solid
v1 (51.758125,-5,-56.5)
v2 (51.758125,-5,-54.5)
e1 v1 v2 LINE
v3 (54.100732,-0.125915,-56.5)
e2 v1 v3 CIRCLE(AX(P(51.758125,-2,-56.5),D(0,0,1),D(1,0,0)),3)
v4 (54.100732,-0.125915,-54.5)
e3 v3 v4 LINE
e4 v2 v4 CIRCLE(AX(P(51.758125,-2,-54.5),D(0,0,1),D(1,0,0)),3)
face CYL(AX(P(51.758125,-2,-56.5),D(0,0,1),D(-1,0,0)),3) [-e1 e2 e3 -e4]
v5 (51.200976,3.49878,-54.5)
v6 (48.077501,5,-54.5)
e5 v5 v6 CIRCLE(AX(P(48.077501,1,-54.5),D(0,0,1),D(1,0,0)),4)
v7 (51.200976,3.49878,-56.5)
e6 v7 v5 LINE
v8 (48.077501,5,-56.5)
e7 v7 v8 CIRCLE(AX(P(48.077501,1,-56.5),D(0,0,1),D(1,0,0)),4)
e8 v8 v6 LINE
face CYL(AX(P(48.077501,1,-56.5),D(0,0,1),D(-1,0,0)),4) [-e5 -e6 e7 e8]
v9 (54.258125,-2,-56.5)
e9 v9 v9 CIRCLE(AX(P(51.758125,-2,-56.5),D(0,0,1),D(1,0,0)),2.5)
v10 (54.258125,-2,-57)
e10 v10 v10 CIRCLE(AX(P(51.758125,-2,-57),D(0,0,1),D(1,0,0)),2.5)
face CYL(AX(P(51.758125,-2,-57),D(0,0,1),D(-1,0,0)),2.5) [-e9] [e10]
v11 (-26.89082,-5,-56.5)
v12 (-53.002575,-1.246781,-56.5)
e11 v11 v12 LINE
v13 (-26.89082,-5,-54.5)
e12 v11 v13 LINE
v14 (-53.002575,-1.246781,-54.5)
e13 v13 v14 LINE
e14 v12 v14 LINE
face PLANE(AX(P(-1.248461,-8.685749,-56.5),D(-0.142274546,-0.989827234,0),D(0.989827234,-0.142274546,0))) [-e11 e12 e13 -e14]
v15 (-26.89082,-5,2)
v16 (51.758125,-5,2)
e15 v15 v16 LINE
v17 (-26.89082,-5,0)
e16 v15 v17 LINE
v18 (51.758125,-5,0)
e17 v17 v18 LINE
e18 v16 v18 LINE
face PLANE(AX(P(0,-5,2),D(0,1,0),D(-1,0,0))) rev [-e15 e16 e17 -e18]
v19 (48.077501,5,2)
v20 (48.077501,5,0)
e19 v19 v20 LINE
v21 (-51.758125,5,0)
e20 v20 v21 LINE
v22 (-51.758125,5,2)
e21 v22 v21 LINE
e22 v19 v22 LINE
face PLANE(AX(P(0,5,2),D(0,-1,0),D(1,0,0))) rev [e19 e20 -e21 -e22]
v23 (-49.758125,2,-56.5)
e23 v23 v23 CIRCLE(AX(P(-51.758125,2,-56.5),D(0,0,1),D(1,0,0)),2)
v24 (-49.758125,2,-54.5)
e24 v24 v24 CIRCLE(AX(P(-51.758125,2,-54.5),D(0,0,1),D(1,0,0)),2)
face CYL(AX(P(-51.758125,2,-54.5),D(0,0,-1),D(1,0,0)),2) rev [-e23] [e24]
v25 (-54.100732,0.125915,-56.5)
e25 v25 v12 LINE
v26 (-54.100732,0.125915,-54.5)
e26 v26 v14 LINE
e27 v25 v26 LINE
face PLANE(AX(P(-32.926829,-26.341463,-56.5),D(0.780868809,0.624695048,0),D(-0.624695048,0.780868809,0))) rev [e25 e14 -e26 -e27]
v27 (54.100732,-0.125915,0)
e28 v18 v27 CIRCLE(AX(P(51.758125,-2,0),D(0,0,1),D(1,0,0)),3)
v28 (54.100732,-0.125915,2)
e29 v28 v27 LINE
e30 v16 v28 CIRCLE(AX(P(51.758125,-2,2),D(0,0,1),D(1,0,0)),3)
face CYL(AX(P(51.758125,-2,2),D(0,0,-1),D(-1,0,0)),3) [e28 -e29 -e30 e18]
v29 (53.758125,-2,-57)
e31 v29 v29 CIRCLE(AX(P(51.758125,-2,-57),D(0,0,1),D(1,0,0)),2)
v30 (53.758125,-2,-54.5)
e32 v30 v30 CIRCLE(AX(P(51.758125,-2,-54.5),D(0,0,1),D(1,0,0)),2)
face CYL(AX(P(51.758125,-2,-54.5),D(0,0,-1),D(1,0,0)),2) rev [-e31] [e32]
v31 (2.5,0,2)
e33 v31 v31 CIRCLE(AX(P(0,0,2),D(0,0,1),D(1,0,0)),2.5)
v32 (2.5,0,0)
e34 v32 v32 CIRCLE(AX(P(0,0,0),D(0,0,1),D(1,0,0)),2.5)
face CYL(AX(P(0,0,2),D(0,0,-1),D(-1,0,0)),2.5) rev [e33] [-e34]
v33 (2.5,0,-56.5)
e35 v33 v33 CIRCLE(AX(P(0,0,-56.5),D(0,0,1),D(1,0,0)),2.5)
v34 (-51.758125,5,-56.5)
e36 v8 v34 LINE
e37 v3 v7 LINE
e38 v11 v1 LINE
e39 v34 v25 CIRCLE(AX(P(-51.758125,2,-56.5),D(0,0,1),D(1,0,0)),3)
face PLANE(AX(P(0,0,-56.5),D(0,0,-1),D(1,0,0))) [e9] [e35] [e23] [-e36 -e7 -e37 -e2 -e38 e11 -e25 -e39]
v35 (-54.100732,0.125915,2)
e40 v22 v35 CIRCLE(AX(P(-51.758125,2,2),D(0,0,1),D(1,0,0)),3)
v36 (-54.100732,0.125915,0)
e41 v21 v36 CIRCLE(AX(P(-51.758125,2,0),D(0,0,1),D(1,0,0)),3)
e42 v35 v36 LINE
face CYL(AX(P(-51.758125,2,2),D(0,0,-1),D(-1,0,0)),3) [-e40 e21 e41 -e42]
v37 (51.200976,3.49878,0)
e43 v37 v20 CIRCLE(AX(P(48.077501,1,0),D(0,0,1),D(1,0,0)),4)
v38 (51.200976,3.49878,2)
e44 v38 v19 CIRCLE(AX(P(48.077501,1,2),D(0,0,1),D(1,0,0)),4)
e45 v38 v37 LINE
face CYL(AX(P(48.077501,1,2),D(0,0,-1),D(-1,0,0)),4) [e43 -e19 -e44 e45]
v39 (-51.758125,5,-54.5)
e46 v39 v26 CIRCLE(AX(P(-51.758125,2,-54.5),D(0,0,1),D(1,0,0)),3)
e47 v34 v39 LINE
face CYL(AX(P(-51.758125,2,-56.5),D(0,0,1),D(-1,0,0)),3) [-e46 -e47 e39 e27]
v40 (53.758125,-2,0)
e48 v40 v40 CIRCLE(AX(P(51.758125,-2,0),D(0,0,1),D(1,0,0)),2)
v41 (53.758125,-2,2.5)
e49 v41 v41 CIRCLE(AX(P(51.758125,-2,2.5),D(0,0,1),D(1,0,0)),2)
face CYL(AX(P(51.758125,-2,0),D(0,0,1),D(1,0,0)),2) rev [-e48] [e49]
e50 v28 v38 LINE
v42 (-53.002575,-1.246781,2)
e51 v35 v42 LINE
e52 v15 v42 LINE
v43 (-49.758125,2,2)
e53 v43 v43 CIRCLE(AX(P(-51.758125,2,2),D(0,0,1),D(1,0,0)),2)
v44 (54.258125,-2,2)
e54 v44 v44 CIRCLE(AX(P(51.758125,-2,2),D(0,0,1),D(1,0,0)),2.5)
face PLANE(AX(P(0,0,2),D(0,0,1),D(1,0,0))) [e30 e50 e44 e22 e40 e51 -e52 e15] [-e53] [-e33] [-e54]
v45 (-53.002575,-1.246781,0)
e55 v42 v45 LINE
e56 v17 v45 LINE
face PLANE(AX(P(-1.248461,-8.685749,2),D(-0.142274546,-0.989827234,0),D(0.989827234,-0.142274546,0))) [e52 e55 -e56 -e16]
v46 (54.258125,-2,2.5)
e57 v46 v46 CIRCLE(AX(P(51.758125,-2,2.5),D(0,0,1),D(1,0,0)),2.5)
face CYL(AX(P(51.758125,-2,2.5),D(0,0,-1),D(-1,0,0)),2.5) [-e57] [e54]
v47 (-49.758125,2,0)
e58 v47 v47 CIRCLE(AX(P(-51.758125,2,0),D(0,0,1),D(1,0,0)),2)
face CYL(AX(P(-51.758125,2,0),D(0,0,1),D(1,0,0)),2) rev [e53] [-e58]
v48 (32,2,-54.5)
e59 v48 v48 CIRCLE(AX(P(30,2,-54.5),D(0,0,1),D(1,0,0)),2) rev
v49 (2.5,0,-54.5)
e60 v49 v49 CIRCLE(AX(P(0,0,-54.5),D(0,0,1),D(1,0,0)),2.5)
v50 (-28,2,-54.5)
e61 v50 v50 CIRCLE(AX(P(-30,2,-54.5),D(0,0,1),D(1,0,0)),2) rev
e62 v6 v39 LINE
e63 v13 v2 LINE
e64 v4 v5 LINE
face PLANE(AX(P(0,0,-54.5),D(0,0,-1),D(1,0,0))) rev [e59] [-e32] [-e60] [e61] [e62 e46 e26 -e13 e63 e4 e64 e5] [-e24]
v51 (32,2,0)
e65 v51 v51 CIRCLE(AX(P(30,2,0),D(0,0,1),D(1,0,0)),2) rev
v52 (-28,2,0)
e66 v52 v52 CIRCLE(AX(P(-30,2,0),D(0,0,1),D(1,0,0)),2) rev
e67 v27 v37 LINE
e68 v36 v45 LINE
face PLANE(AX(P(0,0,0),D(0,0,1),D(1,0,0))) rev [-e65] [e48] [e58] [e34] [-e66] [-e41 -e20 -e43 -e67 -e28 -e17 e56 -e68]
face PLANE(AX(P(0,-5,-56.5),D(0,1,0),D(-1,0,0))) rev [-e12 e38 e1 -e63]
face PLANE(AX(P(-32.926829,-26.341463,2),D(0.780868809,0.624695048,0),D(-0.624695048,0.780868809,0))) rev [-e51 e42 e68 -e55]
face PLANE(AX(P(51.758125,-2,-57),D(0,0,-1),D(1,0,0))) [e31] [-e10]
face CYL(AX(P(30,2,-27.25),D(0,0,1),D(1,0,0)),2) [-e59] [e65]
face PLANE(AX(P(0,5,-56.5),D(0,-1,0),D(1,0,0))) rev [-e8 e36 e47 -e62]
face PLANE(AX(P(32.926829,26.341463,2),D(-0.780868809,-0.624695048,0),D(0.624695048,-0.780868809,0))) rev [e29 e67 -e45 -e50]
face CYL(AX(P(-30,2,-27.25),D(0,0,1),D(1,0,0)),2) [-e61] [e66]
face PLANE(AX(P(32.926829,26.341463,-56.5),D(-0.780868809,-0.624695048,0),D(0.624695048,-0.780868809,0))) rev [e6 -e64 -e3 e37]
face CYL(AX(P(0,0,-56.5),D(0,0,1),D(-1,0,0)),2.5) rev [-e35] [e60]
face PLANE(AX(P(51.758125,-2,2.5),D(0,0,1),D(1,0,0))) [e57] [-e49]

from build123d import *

# Parameters (mm, degrees)
SKETCH_1_R               = 2.5
EXTRUDE_1_DEPTH          = 2
SKETCH_4_R               = 2.5
EXTRUDE_3_DEPTH          = 0.5
CUT_EXTRUDE_1_DEPTH      = 56.022289153
CUT_EXTRUDE_1_DEPTH_BACK = 56.022289153
SKETCH_2_R               = 2
SKETCH_3_R               = 2
EXTRUDE_2_DEPTH          = 29.25


with BuildPart() as part:
    # 草圖1 → 填料-伸長1 (new body)
    with BuildSketch(Plane.XY):
        with BuildLine():
            Line((-53.002575001, -1.246781249), (-26.890819753, -5))
            Line((-26.890819753, -5), (51.758125458, -5))
            ThreePointArc((51.758125458, -5), (54.462035166, -3.299566191), (54.100731886, -0.125914857))
            Line((54.100731886, -0.125914857), (51.200975848, 3.49878019))
            ThreePointArc((51.200975848, 3.49878019), (49.810255532, 4.605212945), (48.07750061, 5))
            Line((48.07750061, 5), (-51.758125458, 5))
            ThreePointArc((-51.758125458, 5), (-54.462035166, 3.299566191), (-54.100731886, 0.125914857))
            Line((-54.100731886, 0.125914857), (-53.002575001, -1.246781249))
        make_face()
        Circle(SKETCH_1_R, mode=Mode.SUBTRACT)
    extrude(amount=EXTRUDE_1_DEPTH)

    # 草圖4 → 填料-伸長3 (add)
    with BuildSketch(Plane.XY.offset(2)):
        with Locations((51.758125458, -2)):
            Circle(SKETCH_4_R)
    extrude(amount=EXTRUDE_3_DEPTH)

    # 草圖2 → 除料-伸長1 (cut, two sides: drawn at the far end of the back side and taken through both)
    with BuildSketch(Plane.XY.offset(2).offset(-CUT_EXTRUDE_1_DEPTH_BACK)):
        with Locations((-51.758125458, 2)):
            Circle(SKETCH_2_R)
        with Locations((51.758125458, -2)):
            Circle(SKETCH_2_R)
    extrude(amount=CUT_EXTRUDE_1_DEPTH + CUT_EXTRUDE_1_DEPTH_BACK, mode=Mode.SUBTRACT)

    # 草圖3 → 填料-伸長2 (add)
    with BuildSketch(Plane(origin=(0, 0, 2), x_dir=(-1, 0, 0), z_dir=(0, 0, -1))):
        with Locations(Location((30, 2, 0), (0, 0, 180))):
            Circle(SKETCH_3_R)
        with Locations(Location((-30, 2, 0), (0, 0, 180))):
            Circle(SKETCH_3_R)
    extrude(amount=EXTRUDE_2_DEPTH)

    # 鏡射1: part across plane


with BuildPart() as part_1:
    add(part.part)
    add(part.part.mirror(Plane(origin=(-30, 2, -27.25), x_dir=(1, 0, 0), z_dir=(0, 0, -1))))


solid = part_1.part
